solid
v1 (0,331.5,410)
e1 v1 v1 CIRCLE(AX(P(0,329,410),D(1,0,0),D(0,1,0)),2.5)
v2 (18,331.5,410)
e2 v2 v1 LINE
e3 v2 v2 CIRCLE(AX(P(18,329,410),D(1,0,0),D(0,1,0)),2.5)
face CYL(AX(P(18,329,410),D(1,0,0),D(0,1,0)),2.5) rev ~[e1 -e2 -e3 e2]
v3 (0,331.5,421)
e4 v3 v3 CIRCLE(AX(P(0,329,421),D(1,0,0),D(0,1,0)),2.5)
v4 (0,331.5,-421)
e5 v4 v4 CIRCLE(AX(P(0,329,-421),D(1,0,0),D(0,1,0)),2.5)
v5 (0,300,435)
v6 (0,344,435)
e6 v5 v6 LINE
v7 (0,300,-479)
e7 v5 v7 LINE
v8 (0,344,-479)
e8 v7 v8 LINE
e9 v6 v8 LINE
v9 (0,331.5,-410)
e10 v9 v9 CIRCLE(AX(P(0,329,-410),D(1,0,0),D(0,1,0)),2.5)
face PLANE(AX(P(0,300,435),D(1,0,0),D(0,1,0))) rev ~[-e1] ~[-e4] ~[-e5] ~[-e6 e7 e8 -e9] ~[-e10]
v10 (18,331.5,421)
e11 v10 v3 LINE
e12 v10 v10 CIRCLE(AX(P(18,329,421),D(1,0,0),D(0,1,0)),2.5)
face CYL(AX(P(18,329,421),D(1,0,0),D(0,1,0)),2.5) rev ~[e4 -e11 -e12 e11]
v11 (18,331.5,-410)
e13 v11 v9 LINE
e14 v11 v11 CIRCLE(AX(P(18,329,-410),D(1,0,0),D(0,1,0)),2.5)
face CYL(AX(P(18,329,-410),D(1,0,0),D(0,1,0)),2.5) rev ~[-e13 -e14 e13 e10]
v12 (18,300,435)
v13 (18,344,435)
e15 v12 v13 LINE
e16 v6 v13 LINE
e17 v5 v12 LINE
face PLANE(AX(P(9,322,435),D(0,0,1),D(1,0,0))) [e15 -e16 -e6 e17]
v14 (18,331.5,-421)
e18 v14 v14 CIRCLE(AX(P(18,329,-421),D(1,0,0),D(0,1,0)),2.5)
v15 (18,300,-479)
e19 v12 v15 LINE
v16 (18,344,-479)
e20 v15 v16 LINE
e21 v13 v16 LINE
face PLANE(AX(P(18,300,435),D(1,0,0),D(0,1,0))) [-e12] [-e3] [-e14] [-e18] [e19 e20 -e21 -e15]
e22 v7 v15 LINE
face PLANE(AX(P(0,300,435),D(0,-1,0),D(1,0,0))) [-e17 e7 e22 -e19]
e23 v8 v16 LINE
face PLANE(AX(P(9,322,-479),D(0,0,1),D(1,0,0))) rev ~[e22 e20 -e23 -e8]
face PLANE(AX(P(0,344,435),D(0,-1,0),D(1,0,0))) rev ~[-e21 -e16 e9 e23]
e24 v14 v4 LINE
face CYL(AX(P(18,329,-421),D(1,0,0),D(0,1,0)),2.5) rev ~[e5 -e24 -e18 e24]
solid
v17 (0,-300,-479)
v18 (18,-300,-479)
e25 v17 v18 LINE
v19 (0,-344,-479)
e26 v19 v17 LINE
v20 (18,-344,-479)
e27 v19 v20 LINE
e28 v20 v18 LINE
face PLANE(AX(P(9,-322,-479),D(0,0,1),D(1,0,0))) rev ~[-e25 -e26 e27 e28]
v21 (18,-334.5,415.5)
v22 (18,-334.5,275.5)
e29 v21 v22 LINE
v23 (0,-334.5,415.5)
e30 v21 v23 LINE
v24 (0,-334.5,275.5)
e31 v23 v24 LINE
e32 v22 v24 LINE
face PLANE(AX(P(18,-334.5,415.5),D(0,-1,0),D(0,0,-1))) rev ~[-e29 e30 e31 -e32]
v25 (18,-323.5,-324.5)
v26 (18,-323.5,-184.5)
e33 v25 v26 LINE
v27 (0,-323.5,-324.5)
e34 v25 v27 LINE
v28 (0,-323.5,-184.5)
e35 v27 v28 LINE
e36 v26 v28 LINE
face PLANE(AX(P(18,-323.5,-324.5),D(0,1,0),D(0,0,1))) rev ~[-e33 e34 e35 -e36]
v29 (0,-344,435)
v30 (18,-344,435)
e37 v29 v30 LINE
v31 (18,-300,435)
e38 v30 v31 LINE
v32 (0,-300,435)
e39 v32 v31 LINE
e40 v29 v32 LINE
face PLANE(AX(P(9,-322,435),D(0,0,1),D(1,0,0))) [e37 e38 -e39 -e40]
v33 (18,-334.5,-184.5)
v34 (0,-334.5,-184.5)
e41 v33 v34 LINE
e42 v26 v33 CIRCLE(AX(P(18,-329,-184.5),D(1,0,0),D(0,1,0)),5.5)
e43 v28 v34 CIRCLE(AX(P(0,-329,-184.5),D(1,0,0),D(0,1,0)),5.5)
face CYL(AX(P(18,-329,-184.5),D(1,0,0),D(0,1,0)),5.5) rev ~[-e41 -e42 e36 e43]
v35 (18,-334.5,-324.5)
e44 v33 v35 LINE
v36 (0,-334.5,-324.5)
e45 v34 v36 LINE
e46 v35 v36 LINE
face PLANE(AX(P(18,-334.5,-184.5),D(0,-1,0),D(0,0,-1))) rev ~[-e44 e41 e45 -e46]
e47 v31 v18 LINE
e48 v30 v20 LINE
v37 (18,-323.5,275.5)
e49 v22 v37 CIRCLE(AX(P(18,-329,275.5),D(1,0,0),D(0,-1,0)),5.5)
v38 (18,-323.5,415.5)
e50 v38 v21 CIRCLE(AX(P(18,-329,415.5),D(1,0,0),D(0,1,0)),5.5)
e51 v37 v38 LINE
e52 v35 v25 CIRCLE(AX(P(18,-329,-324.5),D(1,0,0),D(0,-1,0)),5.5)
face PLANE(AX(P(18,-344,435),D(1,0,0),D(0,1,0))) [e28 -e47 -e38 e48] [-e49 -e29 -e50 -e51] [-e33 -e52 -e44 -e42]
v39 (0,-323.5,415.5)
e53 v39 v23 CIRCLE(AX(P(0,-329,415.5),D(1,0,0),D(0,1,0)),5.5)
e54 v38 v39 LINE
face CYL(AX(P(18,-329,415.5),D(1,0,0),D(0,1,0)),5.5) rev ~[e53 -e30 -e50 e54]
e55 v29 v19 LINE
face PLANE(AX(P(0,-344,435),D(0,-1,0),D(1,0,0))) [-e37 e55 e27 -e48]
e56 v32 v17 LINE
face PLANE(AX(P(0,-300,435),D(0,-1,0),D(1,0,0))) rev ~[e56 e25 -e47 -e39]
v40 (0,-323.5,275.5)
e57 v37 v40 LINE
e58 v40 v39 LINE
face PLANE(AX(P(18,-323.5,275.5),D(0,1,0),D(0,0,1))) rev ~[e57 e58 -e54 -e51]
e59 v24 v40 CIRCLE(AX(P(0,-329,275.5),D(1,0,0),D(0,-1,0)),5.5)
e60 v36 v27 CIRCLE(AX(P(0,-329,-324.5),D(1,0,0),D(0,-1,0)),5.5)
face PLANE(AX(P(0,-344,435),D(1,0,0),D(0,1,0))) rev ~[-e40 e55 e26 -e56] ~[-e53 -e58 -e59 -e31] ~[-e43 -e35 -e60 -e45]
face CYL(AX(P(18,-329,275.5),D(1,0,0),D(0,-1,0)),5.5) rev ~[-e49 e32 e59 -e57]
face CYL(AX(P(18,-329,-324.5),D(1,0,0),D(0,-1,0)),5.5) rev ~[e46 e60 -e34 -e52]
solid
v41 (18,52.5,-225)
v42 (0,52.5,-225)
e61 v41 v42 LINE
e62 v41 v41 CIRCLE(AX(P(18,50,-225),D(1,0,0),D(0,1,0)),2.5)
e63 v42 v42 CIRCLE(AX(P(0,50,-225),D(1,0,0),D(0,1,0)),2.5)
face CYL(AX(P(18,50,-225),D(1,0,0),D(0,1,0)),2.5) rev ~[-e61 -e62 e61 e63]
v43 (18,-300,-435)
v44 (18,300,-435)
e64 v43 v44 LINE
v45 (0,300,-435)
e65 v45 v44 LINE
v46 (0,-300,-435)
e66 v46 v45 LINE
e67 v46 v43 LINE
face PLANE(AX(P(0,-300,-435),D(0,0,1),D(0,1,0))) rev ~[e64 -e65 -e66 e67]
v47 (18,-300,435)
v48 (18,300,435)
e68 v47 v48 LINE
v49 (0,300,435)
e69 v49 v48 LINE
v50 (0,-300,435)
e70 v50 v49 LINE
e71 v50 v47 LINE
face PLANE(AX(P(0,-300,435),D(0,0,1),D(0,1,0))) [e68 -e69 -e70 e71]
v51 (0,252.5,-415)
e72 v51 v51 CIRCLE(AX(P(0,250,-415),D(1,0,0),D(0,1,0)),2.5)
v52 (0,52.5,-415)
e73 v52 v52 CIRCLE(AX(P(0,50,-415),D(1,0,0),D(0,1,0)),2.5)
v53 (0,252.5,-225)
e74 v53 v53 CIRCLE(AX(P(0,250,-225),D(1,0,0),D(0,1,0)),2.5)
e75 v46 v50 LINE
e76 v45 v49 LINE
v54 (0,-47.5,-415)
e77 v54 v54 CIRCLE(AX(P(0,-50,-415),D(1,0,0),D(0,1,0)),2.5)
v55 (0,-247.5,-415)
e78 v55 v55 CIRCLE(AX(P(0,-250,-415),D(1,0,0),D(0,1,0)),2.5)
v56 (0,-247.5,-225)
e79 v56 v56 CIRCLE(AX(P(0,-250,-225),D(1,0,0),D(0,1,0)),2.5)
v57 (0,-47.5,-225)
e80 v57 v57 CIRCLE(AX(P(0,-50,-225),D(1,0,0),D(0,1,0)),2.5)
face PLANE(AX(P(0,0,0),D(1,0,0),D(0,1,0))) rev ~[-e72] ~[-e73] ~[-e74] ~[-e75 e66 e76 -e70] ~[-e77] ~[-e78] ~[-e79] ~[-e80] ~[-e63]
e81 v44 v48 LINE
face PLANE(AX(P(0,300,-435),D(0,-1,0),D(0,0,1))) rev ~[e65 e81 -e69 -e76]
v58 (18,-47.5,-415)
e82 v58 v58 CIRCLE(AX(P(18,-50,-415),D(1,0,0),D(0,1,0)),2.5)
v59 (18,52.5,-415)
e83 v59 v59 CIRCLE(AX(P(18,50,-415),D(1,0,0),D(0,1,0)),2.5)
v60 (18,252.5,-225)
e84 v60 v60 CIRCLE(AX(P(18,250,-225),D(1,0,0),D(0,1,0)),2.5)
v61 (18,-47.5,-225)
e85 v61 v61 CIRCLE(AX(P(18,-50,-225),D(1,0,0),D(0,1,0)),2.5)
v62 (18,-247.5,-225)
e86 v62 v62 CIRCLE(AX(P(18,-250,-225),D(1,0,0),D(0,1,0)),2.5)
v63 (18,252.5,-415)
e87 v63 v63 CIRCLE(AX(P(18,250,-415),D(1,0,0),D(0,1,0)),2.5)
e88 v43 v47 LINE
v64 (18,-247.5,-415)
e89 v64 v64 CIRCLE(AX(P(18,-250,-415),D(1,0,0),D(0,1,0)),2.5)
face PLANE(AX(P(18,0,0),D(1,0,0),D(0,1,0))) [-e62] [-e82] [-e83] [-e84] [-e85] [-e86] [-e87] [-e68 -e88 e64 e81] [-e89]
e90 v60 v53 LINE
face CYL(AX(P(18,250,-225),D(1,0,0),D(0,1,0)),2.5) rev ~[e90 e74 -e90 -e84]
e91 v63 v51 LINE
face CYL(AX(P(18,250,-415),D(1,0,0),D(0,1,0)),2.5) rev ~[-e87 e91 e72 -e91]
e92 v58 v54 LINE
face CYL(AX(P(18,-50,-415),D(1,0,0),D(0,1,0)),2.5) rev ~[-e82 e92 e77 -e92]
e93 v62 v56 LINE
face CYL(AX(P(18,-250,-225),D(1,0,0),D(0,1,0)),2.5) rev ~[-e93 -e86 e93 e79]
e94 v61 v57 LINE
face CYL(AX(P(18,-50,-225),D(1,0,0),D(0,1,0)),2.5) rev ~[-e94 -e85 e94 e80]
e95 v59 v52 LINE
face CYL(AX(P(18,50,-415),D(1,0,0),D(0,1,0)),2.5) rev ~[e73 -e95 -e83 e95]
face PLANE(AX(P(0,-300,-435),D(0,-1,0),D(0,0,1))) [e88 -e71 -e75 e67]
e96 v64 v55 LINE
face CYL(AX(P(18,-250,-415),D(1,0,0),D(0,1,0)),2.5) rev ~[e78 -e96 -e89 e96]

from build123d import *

# Parameters (mm, degrees)
F0_W     = 600
F0_H     = 870
F1_DEPTH = 18
F2_W     = 18
F2_H     = 44
F3_DEPTH = 914
F4_R     = 2.5
F5_DEPTH = 18


with BuildPart() as f1:
    # F0 (on Right) → F1 (new body)
    with BuildSketch(Plane.YZ):
        Rectangle(F0_W, F0_H)
    extrude(amount=F1_DEPTH)


with BuildPart() as f3:
    # F2 (on face) → F3 (new body)
    with BuildSketch(Plane.XY.offset(435)):
        with Locations((9, -322)):
            Rectangle(F2_W, F2_H)
        with Locations((9, 322)):
            Rectangle(F2_W, F2_H)
    extrude(amount=-F3_DEPTH)


with BuildPart() as f5_tool:
    # F4 (on face) → F5 (new body)
    with BuildSketch(Plane.YZ.offset(18)):
        with Locations((250, -415)):
            Circle(F4_R)
        with Locations((250, -225)):
            Circle(F4_R)
        with Locations((50, -225)):
            Circle(F4_R)
        with Locations((50, -415)):
            Circle(F4_R)
        with Locations((-250, -415)):
            Circle(F4_R)
        with Locations((-50, -225)):
            Circle(F4_R)
        with Locations((-50, -415)):
            Circle(F4_R)
        with Locations((-250, -225)):
            Circle(F4_R)
        with Locations((329, 421)):
            Circle(F4_R)
        with Locations((329, 410)):
            Circle(F4_R)
        with Locations((329, -410)):
            Circle(F4_R)
        with Locations((329, -421)):
            Circle(F4_R)
        with BuildLine():
            Line((-323.5, 345.5), (-323.5, 415.5))
            ThreePointArc((-323.5, 415.5), (-329, 421), (-334.5, 415.5))
            Line((-334.5, 415.5), (-334.5, 345.5))
            Line((-334.5, 345.5), (-323.5, 345.5))
        make_face()
        with BuildLine():
            Line((-323.5, 275.5), (-323.5, 345.5))
            Line((-323.5, 345.5), (-334.5, 345.5))
            Line((-334.5, 345.5), (-334.5, 275.5))
            ThreePointArc((-334.5, 275.5), (-329, 270), (-323.5, 275.5))
        make_face()
        with BuildLine():
            ThreePointArc((-323.5, -184.5), (-329, -179), (-334.5, -184.5))
            Line((-334.5, -184.5), (-334.5, -324.5))
            ThreePointArc((-334.5, -324.5), (-329, -330), (-323.5, -324.5))
            Line((-323.5, -324.5), (-323.5, -184.5))
        make_face()
    extrude(amount=-F5_DEPTH)


with BuildPart() as f1_1:
    add(f1.part)

    # F5: cut by f5_tool
    add(f5_tool.part, mode=Mode.SUBTRACT)


with BuildPart() as f3_1:
    add(f3.part)

    # F5: cut by f5_tool
    add(f5_tool.part, mode=Mode.SUBTRACT)


solid = Compound([f1_1.part, f3_1.part])
